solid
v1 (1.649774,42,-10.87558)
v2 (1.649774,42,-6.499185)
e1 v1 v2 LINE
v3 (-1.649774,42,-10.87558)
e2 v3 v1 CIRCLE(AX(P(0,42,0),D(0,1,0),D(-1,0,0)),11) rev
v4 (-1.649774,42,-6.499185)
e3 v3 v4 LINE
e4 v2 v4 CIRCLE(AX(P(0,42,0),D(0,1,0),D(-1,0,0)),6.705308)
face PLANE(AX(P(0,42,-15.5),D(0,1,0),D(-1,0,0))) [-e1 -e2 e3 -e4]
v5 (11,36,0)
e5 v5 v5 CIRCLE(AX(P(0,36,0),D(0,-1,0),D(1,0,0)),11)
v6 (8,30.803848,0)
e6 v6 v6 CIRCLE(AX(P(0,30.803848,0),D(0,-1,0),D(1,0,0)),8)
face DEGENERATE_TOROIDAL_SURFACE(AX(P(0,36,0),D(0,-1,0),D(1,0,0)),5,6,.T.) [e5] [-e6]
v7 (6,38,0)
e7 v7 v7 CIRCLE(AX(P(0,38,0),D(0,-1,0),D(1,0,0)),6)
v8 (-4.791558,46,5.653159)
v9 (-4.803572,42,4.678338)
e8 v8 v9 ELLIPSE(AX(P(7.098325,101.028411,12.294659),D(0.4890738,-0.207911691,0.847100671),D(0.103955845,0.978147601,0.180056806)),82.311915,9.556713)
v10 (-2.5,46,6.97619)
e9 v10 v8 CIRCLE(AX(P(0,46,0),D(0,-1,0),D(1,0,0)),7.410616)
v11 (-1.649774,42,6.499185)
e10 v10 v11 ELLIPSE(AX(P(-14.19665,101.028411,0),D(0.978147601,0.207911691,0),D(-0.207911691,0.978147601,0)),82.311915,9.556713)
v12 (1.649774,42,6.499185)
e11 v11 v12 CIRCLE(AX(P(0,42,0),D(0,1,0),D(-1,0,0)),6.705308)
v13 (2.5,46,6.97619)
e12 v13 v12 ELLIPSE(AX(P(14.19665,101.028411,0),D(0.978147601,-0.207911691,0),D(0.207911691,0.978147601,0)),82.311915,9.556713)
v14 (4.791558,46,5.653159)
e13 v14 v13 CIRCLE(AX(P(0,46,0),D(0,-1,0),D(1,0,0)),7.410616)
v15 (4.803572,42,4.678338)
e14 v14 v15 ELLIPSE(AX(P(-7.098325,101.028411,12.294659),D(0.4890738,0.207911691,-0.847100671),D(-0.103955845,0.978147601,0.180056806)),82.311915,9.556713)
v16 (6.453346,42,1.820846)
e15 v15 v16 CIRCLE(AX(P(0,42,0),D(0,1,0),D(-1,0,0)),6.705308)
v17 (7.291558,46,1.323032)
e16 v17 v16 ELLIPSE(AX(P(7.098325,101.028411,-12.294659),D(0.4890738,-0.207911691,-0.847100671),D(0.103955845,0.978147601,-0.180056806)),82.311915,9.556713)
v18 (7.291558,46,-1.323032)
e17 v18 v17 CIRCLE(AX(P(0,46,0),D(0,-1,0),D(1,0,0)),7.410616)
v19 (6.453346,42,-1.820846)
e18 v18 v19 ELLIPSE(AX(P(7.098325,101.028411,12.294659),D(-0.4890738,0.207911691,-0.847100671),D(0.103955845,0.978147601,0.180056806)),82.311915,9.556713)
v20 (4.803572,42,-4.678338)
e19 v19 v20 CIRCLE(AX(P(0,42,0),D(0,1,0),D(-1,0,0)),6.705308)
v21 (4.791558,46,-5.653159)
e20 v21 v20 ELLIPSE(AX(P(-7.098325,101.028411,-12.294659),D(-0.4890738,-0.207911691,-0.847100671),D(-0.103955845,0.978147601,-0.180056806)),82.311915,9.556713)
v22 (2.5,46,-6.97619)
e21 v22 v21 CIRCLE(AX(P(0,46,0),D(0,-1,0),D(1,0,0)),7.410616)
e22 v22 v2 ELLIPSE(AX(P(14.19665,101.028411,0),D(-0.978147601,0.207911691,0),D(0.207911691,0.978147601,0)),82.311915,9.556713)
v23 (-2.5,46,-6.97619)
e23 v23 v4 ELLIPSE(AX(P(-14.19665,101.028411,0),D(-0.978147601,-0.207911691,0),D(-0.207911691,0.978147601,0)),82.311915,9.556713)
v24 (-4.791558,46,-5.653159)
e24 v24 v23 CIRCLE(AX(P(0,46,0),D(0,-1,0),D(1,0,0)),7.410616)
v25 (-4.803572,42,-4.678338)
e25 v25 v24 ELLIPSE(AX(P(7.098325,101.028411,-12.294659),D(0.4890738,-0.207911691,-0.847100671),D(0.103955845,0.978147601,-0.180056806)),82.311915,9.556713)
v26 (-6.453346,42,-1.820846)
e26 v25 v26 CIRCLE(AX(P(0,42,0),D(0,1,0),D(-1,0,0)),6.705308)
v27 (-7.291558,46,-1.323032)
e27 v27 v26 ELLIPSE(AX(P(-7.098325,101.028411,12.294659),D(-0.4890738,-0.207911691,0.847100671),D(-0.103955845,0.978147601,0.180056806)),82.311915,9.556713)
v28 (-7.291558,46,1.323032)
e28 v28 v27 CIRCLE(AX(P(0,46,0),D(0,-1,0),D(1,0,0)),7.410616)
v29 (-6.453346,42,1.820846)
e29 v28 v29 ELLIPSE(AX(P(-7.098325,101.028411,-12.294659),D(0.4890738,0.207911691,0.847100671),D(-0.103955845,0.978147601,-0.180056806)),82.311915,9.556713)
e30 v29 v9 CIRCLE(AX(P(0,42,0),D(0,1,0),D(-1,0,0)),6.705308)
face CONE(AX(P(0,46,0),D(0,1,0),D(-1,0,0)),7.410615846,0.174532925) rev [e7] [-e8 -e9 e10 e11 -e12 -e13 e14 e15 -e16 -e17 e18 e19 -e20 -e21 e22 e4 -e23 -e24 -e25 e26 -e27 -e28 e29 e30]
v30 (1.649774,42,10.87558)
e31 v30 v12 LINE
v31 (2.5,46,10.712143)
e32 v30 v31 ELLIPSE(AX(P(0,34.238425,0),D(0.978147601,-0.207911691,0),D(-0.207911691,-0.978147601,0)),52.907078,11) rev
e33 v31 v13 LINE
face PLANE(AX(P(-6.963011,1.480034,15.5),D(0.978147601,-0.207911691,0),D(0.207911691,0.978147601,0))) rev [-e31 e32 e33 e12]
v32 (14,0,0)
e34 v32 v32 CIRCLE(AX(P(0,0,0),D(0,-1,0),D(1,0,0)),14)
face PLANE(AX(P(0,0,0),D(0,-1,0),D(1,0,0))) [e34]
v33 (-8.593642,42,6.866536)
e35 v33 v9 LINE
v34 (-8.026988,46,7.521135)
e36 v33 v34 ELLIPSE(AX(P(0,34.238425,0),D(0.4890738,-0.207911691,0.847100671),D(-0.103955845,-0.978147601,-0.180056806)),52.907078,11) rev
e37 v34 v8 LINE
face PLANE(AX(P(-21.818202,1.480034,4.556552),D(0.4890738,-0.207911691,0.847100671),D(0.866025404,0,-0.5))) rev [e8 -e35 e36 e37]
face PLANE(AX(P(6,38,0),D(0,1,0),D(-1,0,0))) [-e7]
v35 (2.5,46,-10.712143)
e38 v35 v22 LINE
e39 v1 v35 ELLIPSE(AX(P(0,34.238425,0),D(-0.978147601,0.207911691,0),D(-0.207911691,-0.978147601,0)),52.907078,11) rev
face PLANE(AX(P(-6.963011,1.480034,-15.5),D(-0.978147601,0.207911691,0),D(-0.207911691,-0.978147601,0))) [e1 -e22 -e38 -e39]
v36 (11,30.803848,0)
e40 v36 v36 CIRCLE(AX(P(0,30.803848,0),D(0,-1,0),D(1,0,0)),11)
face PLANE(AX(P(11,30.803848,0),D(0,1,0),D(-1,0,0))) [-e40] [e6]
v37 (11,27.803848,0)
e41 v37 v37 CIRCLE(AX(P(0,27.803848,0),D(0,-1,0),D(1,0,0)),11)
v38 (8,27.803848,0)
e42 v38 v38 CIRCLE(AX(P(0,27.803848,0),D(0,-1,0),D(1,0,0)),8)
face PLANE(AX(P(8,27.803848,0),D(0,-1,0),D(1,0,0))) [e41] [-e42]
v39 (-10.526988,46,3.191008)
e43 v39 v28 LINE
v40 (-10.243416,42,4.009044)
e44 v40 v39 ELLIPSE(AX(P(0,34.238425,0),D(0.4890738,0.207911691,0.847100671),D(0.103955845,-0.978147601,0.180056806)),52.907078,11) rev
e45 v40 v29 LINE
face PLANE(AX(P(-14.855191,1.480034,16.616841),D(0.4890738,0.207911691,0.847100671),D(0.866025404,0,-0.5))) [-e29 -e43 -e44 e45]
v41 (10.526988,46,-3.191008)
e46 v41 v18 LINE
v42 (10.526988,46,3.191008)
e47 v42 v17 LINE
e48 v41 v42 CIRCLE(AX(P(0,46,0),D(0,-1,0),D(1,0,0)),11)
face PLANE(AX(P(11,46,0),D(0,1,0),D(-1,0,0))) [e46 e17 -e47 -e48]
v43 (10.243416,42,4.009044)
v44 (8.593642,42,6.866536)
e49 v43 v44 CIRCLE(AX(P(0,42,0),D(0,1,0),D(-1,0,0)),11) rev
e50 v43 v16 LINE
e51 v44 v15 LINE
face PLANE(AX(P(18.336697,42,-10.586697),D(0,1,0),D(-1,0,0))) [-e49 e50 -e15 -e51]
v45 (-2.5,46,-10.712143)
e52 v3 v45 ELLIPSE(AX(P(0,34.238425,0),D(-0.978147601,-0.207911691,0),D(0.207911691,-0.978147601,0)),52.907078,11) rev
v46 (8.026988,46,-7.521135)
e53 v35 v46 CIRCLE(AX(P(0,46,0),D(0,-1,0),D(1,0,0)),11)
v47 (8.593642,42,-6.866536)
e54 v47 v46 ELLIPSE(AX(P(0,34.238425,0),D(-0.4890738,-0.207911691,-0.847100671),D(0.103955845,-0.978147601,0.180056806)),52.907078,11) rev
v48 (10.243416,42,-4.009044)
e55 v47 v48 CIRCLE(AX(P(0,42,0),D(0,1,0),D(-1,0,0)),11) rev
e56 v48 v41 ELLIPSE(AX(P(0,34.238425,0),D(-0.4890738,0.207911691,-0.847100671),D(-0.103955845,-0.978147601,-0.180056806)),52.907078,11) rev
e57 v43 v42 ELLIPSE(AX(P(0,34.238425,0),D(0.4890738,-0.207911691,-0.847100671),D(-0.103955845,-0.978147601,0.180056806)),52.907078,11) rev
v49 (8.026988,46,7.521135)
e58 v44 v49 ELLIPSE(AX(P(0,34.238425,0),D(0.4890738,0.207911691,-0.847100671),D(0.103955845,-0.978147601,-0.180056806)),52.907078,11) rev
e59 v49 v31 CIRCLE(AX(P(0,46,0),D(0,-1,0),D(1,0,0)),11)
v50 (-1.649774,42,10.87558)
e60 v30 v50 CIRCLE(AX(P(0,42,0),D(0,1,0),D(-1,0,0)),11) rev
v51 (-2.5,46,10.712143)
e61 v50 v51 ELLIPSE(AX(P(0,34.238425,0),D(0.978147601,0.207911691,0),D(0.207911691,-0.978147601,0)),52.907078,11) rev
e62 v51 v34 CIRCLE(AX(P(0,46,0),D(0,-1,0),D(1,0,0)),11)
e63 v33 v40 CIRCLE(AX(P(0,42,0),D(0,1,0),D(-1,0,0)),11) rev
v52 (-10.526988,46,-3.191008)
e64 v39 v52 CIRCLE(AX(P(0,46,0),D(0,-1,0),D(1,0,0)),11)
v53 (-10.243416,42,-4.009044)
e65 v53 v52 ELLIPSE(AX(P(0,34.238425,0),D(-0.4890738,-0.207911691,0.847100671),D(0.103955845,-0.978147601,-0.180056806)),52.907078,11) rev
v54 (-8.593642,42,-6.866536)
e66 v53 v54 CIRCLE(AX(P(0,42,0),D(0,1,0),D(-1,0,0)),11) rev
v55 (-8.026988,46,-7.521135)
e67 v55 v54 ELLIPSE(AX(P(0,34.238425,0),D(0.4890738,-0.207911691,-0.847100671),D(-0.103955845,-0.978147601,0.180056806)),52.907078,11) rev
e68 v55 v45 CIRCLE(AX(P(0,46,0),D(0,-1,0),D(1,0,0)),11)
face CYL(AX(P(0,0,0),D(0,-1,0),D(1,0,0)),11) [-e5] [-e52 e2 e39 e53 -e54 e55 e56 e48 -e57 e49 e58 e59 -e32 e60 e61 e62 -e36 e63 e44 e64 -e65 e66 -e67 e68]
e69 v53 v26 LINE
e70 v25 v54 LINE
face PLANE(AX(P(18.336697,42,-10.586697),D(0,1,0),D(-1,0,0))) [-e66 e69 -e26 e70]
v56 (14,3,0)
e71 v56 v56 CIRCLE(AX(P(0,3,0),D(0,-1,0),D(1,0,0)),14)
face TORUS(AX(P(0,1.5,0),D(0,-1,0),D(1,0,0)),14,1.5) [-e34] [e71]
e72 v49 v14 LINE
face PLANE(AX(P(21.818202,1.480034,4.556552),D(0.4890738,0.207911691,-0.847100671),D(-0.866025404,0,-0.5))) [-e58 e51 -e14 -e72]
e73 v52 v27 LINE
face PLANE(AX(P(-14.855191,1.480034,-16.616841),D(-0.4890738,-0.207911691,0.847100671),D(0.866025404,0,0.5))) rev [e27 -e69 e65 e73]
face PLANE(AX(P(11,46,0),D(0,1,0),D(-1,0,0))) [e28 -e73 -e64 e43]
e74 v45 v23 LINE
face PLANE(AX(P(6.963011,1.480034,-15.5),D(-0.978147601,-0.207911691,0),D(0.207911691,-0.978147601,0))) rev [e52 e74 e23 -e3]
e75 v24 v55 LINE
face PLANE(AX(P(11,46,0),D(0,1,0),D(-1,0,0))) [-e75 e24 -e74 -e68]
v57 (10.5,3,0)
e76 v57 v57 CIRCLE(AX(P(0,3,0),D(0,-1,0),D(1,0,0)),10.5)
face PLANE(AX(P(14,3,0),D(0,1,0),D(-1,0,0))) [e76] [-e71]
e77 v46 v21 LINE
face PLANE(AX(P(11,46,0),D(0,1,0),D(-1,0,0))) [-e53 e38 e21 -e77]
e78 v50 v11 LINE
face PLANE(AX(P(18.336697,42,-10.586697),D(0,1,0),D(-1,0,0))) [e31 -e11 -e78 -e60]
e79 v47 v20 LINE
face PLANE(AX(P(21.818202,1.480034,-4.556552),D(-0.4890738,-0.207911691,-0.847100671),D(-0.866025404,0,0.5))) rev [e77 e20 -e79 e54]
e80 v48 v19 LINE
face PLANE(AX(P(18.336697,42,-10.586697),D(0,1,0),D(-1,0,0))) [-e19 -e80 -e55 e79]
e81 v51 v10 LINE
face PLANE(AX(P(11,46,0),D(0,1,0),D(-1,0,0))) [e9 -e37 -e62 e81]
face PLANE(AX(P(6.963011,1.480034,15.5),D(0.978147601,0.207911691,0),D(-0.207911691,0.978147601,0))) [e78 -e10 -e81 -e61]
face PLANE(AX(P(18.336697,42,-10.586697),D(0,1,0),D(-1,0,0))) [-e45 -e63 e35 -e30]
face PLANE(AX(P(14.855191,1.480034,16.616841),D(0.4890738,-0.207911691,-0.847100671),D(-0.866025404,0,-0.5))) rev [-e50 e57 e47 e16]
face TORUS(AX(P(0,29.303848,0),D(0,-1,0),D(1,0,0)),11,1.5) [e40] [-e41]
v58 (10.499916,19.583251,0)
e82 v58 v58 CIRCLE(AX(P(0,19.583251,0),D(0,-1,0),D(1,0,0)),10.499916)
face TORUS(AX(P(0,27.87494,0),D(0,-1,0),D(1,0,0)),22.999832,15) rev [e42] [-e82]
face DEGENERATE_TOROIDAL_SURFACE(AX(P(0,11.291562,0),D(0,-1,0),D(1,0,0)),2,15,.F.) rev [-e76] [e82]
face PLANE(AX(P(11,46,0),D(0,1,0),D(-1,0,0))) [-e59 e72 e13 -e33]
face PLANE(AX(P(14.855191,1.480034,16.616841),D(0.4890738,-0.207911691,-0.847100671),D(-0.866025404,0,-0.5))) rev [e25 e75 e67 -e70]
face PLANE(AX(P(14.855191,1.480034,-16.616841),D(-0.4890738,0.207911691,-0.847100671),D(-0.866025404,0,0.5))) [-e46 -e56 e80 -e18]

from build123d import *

# Parameters (mm, degrees)
CUT_EXTRUDE1_DEPTH = 51.955863315
CIRPATTERN1_COUNT  = 6


with BuildPart() as part:
    # Sketch1 → Revolve1 (revolve)
    with BuildSketch(Plane.XY):
        with BuildLine():
            Line((0, 0), (14, 0))
            ThreePointArc((14, 0), (15.5, 1.5), (14, 3))
            Line((14, 3), (10.5, 3))
            ThreePointArc((10.5, 3), (13, 11.291638169), (10.499915764, 19.583250941))
            ThreePointArc((10.499915764, 19.583250941), (8.648748728, 23.510719191), (8, 27.803847577))
            Line((8, 27.803847577), (11, 27.803847577))
            ThreePointArc((11, 27.803847577), (12.5, 29.303847577), (11, 30.803847577))
            Line((11, 30.803847577), (8, 30.803847577))
            ThreePointArc((8, 30.803847577), (10.196152423, 33), (11, 36))
            Line((11, 36), (11, 46))
            Line((11, 46), (7.410615846, 46))
            Line((7.410615846, 46), (6, 38))
            Line((6, 38), (0, 38))
            Line((0, 38), (0, 0))
        make_face()
    revolve(axis=Axis((0, 0, 0), (0, 1, 0)))

    # Sketch2 → Cut-Extrude1 (cut, through all)
    with BuildSketch(Plane.XY):
        Polygon((1.649773753, 42), (2.5, 46), (0, 46), (0, 42), align=None)
        Polygon((0, 42), (0, 46), (-2.5, 46), (-1.649773753, 42), align=None)
    cut_extrude1 = extrude(amount=-CUT_EXTRUDE1_DEPTH, mode=Mode.SUBTRACT)

    # CirPattern1: Cut-Extrude1 ×6 about axis
    cirpattern1_axis = Axis((0, 0, 0), (0, 1, 0))
    for i in range(1, CIRPATTERN1_COUNT):
        add(cut_extrude1.rotate(cirpattern1_axis, i * 360 / CIRPATTERN1_COUNT), mode=Mode.SUBTRACT)


solid = part.part
